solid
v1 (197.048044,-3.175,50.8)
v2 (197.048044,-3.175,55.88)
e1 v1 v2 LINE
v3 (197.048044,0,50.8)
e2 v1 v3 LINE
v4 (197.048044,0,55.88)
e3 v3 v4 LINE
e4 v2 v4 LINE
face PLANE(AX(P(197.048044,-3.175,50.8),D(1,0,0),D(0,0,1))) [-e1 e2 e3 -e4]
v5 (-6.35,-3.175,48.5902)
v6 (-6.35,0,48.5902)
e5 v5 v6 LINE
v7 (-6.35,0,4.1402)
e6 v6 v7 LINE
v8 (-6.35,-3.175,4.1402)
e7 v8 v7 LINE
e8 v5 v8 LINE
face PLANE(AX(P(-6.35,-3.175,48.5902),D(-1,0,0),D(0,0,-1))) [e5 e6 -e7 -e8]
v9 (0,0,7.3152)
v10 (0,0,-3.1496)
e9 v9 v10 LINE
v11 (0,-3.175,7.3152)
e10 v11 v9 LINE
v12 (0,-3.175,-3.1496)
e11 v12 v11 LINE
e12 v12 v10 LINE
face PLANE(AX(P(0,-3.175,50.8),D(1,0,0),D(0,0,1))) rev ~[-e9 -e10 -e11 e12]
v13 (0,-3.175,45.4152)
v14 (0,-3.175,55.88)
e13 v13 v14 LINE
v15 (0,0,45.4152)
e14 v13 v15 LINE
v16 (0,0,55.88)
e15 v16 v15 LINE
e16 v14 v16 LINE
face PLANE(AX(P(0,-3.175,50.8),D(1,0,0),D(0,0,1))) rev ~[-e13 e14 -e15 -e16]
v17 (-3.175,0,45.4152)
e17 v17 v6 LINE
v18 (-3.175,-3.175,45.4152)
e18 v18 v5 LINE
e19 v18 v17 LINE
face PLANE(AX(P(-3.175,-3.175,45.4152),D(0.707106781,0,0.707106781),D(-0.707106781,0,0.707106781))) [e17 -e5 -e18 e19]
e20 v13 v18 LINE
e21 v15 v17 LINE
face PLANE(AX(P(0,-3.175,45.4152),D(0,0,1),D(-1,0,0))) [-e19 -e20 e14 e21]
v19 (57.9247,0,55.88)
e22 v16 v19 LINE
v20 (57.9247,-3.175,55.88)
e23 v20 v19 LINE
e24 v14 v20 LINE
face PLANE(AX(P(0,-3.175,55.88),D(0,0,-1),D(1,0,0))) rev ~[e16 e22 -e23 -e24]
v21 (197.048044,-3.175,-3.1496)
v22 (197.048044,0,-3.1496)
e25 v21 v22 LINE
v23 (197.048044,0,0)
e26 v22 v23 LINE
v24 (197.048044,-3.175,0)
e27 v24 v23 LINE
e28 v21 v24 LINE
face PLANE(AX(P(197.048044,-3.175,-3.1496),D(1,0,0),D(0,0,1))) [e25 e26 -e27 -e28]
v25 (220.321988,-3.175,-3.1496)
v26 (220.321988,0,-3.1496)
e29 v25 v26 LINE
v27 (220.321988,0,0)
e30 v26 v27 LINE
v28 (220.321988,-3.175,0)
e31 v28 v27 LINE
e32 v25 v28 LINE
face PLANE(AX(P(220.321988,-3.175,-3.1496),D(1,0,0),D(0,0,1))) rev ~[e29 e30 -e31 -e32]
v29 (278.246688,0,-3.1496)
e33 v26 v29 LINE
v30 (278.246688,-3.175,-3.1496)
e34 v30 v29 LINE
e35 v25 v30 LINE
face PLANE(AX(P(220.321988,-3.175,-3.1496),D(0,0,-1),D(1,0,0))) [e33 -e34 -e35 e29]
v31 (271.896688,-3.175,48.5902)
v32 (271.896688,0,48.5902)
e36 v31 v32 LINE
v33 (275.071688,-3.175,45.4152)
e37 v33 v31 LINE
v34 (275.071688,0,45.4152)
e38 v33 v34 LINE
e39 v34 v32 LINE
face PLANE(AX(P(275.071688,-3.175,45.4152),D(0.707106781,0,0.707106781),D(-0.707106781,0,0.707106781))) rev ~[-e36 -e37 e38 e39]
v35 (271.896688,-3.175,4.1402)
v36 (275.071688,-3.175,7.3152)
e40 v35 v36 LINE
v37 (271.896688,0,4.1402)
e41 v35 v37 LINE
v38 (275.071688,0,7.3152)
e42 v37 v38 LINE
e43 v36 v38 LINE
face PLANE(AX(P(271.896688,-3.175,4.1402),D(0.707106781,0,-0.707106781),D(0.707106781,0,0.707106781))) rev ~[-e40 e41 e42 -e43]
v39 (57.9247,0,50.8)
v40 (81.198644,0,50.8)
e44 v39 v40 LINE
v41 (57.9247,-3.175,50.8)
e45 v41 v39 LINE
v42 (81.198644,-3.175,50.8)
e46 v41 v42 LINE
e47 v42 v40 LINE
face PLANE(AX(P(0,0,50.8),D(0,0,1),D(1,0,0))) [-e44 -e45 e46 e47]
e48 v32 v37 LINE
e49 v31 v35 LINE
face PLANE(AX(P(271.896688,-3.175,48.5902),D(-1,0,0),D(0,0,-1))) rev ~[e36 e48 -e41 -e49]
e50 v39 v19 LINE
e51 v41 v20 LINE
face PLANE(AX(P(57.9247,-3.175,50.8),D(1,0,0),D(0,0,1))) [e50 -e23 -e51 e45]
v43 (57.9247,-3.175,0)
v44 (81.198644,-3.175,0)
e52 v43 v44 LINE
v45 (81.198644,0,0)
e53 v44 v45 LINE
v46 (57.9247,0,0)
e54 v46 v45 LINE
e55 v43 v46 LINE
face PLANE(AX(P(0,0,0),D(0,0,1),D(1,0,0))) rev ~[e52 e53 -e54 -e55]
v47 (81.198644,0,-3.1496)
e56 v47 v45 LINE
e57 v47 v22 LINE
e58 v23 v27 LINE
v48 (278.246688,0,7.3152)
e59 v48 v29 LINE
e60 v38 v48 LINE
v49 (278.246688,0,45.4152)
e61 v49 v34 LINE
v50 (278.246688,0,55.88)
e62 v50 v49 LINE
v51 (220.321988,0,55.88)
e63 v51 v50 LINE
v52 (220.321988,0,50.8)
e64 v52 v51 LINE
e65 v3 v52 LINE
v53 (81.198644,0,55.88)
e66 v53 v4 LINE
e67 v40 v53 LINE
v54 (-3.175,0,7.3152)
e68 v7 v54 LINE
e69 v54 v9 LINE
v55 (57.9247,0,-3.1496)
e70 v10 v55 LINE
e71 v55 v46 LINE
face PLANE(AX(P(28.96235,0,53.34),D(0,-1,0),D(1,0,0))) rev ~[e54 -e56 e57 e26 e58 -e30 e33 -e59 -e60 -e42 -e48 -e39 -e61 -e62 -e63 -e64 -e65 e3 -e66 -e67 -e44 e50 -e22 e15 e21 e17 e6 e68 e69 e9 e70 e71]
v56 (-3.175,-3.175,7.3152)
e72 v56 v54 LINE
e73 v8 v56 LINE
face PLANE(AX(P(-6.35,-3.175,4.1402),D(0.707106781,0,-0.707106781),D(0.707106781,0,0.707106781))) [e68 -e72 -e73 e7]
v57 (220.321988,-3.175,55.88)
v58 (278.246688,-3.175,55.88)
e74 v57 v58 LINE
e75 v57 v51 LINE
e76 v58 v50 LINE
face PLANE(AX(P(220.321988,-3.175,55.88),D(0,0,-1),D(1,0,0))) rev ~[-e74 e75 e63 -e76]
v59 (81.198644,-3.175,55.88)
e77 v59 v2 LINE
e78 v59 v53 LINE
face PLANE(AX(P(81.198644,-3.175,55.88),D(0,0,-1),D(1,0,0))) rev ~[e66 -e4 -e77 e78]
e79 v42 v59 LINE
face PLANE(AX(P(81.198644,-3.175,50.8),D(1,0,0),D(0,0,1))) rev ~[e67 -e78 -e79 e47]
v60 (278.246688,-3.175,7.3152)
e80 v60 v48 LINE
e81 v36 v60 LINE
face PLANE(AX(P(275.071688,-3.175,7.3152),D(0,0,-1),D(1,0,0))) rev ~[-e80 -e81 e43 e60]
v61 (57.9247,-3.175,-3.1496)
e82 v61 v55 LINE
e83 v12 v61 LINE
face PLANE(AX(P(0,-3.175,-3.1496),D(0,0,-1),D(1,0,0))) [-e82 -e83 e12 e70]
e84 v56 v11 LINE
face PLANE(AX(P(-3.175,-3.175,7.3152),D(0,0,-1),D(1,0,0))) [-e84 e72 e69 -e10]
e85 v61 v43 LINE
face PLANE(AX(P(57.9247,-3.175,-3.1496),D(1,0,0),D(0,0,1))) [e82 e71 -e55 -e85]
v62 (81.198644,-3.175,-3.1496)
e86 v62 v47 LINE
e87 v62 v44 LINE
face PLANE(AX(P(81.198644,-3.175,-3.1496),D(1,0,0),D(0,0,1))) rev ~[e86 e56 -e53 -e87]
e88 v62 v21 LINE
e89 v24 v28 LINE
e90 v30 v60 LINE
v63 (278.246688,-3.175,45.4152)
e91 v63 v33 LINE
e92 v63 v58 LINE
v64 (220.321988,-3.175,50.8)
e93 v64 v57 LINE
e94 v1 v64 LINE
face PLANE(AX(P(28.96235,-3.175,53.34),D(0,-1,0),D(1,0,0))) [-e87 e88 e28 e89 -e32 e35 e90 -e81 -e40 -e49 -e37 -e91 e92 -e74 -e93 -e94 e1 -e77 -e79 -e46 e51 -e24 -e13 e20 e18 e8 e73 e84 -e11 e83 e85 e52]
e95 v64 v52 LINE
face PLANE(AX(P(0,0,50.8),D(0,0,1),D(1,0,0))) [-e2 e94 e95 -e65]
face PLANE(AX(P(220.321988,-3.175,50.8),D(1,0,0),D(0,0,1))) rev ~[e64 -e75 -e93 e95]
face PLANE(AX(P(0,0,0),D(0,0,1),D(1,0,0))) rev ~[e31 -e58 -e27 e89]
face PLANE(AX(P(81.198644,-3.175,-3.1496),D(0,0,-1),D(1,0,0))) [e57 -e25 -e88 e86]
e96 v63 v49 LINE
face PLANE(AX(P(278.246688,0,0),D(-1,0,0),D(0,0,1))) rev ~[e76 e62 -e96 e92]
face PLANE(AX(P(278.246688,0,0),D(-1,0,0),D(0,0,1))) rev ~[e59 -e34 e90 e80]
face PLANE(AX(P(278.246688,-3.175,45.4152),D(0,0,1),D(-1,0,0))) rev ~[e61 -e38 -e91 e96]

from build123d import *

# Parameters (mm, degrees)
F0_W     = 278.2466876
F0_H     = 50.8
F1_DEPTH = 3.175
F2_W     = 57.9247
F2_H     = 5.08
F2_W_2   = 115.8494
F2_H_2   = 3.1496
F3_DEPTH = 3.175
F5_DEPTH = 3.175
F6_DEPTH = 3.176


with BuildPart() as f1:
    # F0 (on Front) → F1 (new body)
    with BuildSketch(Plane.XZ):
        with Locations((139.1233438, 25.4)):
            Rectangle(F0_W, F0_H)
    extrude(amount=F1_DEPTH)

    # F2 (on face) → F3 (join)
    with BuildSketch(Plane.XZ.offset(3.175)):
        with Locations((28.96235, 53.34)):
            Rectangle(F2_W, F2_H)
        with Locations((139.1233438, 53.34)):
            Rectangle(F2_W_2, F2_H)
        with Locations((249.2843376, 53.34)):
            Rectangle(F2_W, F2_H)
        with Locations((28.96235, -1.5748)):
            Rectangle(F2_W, F2_H_2)
        with Locations((139.1233438, -1.5748)):
            Rectangle(F2_W_2, F2_H_2)
        with Locations((249.2843376, -1.5748)):
            Rectangle(F2_W, F2_H_2)
    extrude(amount=-F3_DEPTH)

    # F4 (on face) → F5 (join)
    with BuildSketch(Plane.XZ.offset(3.175)):
        Polygon((0, 7.3152), (0, 45.4152), (-3.175, 45.4152), (-6.35, 48.5902), (-6.35, 4.1402), (-3.175, 7.3152), align=None)
    extrude(amount=-F5_DEPTH)

    # F4 (on face) → F6 (cut, through all)
    with BuildSketch(Plane.XZ.offset(3.175)):
        Polygon((278.2466876, 7.3152), (278.2466876, 45.4152), (275.0716876, 45.4152), (271.8966876, 48.5902), (271.8966876, 4.1402), (275.0716876, 7.3152), align=None)
    extrude(amount=-F6_DEPTH, mode=Mode.SUBTRACT)


solid = f1.part
